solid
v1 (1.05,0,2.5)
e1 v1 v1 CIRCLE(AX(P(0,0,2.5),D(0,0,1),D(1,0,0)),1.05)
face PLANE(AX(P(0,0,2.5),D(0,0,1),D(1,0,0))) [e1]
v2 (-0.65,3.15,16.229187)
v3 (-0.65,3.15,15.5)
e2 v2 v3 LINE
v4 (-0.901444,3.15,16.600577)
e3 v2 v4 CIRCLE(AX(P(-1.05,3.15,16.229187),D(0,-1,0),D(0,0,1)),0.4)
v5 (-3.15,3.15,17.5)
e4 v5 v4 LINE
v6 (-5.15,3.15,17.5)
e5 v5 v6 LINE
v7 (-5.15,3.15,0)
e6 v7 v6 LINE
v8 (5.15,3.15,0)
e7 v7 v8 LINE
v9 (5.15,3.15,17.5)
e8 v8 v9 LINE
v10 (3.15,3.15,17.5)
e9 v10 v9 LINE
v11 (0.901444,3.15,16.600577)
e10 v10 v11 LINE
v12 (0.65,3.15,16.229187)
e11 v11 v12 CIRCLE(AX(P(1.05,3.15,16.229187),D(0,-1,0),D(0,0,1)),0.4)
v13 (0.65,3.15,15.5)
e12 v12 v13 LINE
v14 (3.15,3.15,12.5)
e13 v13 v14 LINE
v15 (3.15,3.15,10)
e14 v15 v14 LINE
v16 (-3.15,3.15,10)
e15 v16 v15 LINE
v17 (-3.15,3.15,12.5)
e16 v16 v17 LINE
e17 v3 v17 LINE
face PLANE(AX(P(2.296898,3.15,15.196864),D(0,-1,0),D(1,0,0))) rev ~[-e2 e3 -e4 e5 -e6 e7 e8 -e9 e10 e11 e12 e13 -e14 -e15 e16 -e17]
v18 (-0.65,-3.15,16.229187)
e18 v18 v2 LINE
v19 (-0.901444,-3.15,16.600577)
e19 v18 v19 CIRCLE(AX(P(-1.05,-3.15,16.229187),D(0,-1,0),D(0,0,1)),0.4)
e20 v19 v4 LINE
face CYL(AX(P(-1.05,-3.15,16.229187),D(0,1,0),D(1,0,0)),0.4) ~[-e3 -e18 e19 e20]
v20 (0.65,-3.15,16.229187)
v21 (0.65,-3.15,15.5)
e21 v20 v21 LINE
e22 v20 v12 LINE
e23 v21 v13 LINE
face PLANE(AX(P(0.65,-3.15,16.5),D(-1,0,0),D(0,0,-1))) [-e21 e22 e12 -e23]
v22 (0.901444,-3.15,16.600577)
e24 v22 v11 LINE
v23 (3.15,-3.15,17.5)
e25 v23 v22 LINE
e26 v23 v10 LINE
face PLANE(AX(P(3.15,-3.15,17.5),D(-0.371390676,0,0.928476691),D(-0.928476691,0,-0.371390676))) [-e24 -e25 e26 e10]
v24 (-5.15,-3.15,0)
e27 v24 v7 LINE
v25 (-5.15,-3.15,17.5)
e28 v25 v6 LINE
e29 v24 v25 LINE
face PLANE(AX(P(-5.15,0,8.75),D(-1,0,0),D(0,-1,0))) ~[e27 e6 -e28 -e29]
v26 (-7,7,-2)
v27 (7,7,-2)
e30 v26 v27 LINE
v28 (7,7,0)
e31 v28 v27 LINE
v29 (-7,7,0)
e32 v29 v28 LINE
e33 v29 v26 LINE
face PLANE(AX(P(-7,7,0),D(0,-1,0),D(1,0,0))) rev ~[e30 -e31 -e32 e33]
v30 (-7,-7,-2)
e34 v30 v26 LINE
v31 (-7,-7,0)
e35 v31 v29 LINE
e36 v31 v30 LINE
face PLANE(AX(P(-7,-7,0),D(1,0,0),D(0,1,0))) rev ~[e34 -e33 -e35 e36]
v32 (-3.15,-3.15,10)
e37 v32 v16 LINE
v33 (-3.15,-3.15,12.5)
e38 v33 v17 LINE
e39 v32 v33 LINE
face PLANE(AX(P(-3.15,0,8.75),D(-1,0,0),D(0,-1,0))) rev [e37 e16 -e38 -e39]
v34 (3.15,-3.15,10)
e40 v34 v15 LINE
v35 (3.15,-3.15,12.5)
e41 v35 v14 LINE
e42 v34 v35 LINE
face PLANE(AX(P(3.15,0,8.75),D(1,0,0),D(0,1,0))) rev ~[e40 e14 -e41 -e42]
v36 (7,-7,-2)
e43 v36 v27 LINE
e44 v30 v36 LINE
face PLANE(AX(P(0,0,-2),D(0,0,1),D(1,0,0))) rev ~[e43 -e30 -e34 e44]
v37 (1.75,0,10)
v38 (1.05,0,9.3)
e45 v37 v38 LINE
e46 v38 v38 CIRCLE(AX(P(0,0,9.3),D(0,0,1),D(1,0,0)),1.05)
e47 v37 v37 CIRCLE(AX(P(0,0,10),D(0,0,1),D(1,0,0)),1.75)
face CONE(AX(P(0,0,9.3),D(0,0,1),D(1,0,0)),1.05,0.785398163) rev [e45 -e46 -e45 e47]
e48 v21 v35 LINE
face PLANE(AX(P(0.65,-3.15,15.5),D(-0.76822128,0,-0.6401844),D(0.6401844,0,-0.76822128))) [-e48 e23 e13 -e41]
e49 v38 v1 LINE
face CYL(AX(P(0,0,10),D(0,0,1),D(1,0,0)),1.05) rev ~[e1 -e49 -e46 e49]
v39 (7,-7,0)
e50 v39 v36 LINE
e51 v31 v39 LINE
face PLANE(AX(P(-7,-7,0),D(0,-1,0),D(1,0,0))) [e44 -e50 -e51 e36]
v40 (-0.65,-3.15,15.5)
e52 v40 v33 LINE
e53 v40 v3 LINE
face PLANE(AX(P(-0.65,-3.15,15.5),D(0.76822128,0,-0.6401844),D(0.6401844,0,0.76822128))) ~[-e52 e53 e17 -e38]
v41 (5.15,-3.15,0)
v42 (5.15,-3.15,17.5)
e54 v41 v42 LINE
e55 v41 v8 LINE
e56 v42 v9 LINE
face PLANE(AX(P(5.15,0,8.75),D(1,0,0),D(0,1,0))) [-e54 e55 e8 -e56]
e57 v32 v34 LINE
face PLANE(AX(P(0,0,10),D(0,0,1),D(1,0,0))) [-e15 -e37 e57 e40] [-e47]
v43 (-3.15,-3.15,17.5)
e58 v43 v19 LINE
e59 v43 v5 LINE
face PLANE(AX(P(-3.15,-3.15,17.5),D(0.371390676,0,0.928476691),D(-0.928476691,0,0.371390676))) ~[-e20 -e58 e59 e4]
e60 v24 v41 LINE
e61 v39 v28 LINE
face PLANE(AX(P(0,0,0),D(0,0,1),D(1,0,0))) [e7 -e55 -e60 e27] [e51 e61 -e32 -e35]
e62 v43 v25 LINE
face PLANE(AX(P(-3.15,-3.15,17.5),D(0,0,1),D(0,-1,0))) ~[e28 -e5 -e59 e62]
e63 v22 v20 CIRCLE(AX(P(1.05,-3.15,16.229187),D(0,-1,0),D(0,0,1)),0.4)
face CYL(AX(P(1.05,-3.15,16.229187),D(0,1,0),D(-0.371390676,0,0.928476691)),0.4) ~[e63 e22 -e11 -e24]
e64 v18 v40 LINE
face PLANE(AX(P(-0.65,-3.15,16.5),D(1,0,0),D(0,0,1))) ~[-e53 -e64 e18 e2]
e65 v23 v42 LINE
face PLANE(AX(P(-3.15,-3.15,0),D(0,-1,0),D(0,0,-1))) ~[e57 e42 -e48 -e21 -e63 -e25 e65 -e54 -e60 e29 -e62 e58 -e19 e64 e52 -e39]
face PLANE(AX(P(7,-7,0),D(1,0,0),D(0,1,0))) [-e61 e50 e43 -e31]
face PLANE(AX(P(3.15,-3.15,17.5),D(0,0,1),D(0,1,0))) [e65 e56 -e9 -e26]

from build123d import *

# Parameters (mm, degrees)
SKETCH_W     = 6.3
SKETCH_H     = 6.3
PAD_DEPTH    = 10
SKETCH001_W  = 14
SKETCH001_H  = 14
PAD001_DEPTH = 2
SKETCH002_R  = 1.05
POCKET_DEPTH = 7.5
SKETCH003_W  = 6.3
SKETCH003_H  = 17.5
PAD002_DEPTH = 2
PAD003_DEPTH = 6.3
FILLET_R     = 0.4
FILLET001_R  = 0.4
CHAMFER_SIZE = 0.7


with BuildPart() as part:
    # Sketch → Pad (new body)
    with BuildSketch(Plane.XY):
        Rectangle(SKETCH_W, SKETCH_H)
    extrude(amount=PAD_DEPTH)

    # Sketch001 → Pad001 (join)
    with BuildSketch(Plane.XY):
        Rectangle(SKETCH001_W, SKETCH001_H)
    extrude(amount=-PAD001_DEPTH)

    # Sketch002 (on Face11 of Pad001) → Pocket (cut)
    with BuildSketch(Plane.XY.offset(10)):
        Circle(SKETCH002_R)
    extrude(amount=-POCKET_DEPTH, mode=Mode.SUBTRACT)

    # Sketch003 (on Face9 of Pocket) → Pad002 (join)
    with BuildSketch(Plane.YZ.offset(3.15)):
        with Locations((0, 8.75)):
            Rectangle(SKETCH003_W, SKETCH003_H)
    pad002 = extrude(amount=PAD002_DEPTH)

    # Sketch004 (on Face8 of Pad002) → Pad003 (join)
    with BuildSketch(Plane.XZ.offset(3.15)):
        Polygon((3.15, 17.5), (0.65, 16.5), (0.65, 15.5), (3.15, 12.5), align=None)
    pad003 = extrude(amount=-PAD003_DEPTH)

    # Mirrored: Pad003, Pad002 across Sketch004 V_Axis
    add(pad003.mirror(Plane(origin=(0, -3.15, 0), x_dir=(0, -1, 0), z_dir=(1, 0, 0))))
    add(pad002.mirror(Plane(origin=(0, -3.15, 0), x_dir=(0, -1, 0), z_dir=(1, 0, 0))))

    # Fillet
    fillet_edges = [part.edges().sort_by_distance(p)[0] for p in [
        (0.65, 0, 16.5),
    ]]
    fillet(fillet_edges, radius=FILLET_R)

    # Fillet001
    fillet001_edges = [part.edges().sort_by_distance(p)[0] for p in [
        (-0.65, 0, 16.5),
    ]]
    fillet(fillet001_edges, radius=FILLET001_R)

    # Chamfer
    chamfer_edges = [part.edges().sort_by_distance(p)[0] for p in [
        (-1.05, 0, 10),
    ]]
    chamfer(chamfer_edges, length=CHAMFER_SIZE)


solid = part.part
